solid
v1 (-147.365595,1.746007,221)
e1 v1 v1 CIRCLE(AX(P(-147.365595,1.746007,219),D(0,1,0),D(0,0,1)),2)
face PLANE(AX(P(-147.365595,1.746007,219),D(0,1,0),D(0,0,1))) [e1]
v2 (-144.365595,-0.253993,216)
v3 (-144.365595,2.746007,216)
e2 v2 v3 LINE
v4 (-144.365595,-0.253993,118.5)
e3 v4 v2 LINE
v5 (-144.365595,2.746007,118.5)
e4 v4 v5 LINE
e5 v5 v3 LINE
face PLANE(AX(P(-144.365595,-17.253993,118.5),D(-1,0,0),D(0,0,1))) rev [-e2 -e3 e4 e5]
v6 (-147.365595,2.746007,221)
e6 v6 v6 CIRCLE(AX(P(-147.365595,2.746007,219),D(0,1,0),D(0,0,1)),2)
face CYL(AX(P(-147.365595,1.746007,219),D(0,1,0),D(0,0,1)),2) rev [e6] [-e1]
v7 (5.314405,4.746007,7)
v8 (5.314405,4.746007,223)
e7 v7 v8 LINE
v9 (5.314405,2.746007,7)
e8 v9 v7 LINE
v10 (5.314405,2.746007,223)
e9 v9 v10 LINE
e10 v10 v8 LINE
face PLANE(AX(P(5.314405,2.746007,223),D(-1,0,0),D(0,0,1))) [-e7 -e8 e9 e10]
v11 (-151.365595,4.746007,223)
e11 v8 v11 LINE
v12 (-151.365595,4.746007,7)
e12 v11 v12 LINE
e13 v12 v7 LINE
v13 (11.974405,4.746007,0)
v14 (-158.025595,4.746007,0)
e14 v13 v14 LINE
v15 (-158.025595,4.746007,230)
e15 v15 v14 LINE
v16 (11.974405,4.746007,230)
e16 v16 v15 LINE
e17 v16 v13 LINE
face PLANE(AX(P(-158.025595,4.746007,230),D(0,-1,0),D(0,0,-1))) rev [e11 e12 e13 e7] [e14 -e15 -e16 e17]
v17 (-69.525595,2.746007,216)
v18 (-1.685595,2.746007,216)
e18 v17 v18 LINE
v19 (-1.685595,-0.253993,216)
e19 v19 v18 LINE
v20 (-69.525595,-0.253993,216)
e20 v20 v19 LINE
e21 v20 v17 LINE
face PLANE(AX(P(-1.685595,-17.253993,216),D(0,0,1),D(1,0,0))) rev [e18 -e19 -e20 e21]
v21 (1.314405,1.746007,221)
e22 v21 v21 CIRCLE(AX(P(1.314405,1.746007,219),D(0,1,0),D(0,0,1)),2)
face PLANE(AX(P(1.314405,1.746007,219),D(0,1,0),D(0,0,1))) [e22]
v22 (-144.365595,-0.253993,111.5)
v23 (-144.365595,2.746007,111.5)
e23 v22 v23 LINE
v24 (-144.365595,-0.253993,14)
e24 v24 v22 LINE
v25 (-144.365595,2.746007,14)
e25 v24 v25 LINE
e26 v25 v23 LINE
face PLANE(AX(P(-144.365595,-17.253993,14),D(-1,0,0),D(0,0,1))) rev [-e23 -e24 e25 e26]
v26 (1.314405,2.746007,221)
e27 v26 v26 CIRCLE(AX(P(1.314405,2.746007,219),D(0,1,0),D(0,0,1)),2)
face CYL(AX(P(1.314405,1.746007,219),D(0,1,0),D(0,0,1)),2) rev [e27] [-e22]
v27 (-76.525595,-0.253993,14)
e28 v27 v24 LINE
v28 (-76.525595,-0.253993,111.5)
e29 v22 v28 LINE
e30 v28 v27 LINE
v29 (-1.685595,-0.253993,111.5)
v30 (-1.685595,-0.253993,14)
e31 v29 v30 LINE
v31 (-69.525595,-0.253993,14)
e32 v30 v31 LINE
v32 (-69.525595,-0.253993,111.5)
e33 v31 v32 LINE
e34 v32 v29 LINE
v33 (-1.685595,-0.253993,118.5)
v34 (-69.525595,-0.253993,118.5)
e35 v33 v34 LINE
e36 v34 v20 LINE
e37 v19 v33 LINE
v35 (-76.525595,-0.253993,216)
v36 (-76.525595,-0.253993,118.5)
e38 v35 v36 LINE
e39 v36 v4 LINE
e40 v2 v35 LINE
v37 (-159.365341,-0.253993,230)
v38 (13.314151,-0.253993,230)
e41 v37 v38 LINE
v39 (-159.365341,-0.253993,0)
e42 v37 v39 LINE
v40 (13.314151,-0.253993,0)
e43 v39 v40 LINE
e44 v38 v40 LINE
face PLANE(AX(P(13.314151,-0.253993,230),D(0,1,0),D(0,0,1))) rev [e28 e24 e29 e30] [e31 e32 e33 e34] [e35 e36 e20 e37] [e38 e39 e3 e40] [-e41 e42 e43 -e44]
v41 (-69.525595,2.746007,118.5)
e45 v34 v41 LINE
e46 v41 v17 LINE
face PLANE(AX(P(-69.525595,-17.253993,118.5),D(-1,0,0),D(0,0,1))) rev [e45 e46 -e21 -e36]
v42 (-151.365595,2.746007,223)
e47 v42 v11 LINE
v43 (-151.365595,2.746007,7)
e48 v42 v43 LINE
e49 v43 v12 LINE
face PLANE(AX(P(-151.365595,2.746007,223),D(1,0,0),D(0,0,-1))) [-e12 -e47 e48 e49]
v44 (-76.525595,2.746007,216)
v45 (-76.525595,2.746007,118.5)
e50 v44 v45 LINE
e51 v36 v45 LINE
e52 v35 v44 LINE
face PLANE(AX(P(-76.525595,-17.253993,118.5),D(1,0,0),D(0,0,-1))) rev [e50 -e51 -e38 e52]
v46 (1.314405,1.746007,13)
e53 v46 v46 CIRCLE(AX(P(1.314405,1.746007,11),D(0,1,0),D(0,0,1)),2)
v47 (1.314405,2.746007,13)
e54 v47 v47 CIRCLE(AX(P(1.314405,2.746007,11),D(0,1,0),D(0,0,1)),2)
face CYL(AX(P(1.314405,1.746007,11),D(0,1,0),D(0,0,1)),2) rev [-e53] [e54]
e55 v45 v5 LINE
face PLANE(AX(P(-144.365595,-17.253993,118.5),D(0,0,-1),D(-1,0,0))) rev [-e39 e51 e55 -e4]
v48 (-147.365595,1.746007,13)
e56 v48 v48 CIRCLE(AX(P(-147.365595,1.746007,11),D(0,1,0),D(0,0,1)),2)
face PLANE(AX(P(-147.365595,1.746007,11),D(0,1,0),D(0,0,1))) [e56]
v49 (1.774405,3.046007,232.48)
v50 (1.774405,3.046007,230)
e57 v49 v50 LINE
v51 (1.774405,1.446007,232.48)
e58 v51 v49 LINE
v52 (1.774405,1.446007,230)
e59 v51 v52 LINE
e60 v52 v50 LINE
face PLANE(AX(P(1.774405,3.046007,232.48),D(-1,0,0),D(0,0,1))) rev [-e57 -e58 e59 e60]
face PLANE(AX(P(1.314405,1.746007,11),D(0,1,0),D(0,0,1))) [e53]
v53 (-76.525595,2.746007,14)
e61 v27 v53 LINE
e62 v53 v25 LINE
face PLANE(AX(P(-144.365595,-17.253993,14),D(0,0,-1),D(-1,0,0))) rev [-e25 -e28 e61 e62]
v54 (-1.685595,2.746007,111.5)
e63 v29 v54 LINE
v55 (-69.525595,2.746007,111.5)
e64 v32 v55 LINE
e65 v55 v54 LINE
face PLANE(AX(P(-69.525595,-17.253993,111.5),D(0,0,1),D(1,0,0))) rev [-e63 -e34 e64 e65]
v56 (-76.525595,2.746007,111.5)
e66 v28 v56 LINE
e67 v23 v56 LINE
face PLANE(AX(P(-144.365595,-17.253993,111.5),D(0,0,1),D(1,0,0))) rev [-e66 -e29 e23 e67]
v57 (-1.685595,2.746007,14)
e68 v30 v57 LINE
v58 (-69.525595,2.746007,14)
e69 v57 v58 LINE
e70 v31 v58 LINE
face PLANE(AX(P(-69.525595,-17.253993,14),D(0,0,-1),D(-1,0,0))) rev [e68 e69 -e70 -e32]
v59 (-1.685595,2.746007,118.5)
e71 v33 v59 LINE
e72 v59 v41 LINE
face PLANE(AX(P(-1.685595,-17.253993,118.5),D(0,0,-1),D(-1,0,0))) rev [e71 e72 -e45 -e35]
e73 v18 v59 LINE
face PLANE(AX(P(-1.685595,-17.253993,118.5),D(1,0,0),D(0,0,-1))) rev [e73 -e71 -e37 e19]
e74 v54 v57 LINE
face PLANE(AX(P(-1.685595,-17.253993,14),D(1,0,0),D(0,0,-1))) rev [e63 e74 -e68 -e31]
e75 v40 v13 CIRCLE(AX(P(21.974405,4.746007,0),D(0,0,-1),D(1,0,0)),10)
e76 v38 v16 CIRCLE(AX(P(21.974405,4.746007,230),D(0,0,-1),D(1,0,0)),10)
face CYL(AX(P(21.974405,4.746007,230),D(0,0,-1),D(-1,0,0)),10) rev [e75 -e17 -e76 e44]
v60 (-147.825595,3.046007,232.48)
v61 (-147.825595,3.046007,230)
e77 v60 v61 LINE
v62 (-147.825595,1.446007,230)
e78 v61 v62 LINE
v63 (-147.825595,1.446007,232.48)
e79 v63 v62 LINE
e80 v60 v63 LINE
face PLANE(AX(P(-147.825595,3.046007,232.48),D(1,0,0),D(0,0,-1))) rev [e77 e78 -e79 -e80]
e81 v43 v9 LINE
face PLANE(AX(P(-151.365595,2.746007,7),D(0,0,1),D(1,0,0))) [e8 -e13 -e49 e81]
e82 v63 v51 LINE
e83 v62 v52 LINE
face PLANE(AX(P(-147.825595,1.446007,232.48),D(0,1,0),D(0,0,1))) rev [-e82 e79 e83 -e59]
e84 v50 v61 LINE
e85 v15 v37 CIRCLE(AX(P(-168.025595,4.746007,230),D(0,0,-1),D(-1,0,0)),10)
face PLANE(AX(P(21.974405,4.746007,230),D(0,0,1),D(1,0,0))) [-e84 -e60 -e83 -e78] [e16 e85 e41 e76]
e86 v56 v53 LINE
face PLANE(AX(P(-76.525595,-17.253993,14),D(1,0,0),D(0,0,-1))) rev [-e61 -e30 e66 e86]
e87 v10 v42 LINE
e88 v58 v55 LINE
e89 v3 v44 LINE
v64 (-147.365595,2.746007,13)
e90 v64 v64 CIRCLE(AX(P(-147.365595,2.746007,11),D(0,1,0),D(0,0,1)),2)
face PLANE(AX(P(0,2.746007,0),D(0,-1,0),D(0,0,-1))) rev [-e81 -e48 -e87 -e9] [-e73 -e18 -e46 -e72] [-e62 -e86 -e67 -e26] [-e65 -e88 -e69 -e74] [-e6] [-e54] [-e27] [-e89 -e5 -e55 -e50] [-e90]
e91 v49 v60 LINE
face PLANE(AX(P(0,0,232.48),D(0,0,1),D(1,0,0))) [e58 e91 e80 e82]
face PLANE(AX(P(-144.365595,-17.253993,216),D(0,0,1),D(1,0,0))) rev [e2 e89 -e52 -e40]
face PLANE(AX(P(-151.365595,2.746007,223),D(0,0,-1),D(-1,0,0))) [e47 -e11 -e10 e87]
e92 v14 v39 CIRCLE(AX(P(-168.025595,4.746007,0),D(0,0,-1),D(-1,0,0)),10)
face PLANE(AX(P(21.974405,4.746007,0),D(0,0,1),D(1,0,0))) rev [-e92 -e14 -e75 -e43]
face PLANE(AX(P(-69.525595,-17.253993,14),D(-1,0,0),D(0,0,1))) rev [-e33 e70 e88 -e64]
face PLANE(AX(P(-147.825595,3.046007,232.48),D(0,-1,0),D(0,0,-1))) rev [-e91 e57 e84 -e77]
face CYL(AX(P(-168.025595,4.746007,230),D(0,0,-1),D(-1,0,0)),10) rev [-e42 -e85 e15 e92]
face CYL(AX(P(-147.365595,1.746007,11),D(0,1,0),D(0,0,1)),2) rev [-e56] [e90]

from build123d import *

# Parameters (mm, degrees)
ESBO_O2_W                = 150
ESBO_O2_H                = 2
RESSALTO_EXTRUS_O1_DEPTH = 230
ESBO_O4_W                = 149.6
ESBO_O4_H                = 1.6
RESSALTO_EXTRUS_O2_DEPTH = 2.48
ESBO_O6_W                = 150
ESBO_O6_H                = 2
RESSALTO_EXTRUS_O4_DEPTH = 230
ESBO_O3_W                = 156.68
ESBO_O3_H                = 216
CORTE_EXTRUS_O6_DEPTH    = 2
ESBO_O8_W                = 67.84
ESBO_O8_H                = 97.5
CORTE_EXTRUS_O7_DEPTH    = 20
ESBO_O14_R               = 2
CORTE_EXTRUS_O9_DEPTH    = 1


with BuildPart() as part:
    # Esboço2 → Ressalto-extrusão1 (new body)
    with BuildSketch(Plane.XY):
        with BuildLine():
            Line((-158.025595127, 4.746007498), (11.974404873, 4.746007498))
            ThreePointArc((11.974404873, 4.746007498), (12.315146611, 2.157817047), (13.314150836, -0.253992502))
            Line((13.314150836, -0.253992502), (-159.365341089, -0.253992502))
            ThreePointArc((-159.365341089, -0.253992502), (-158.366336864, 2.157817047), (-158.025595127, 4.746007498))
        make_face()
        with Locations((-73.025595127, 2.246007498)):
            Rectangle(ESBO_O2_W, ESBO_O2_H, mode=Mode.SUBTRACT)
    extrude(amount=RESSALTO_EXTRUS_O1_DEPTH)



with BuildPart() as body_2:
    # Esboço4 → Ressalto-extrusão2 (new body)
    with BuildSketch(Plane.XY.offset(230)):
        with Locations((-73.025595127, 2.246007498)):
            Rectangle(ESBO_O4_W, ESBO_O4_H)
    extrude(amount=RESSALTO_EXTRUS_O2_DEPTH)


with BuildPart() as part_1:
    add(part.part)

    add(body_2.part)  # Ressalto-extrusão4 merges body 2
    # Esboço6 → Ressalto-extrusão4 (add)
    with BuildSketch(Plane(origin=(0, 0, 0), x_dir=(-1, 0, 0), z_dir=(0, 0, -1))):
        with Locations((73.025595127, 2.246007498)):
            Rectangle(ESBO_O6_W, ESBO_O6_H)
    extrude(amount=-RESSALTO_EXTRUS_O4_DEPTH)

    # Esboço3 → Corte-extrusão6 (cut)
    with BuildSketch(Plane.XZ.offset(-4.746007498)):
        with Locations((-73.025595127, 115)):
            Rectangle(ESBO_O3_W, ESBO_O3_H)
    extrude(amount=CORTE_EXTRUS_O6_DEPTH, mode=Mode.SUBTRACT)

    # Esboço8 → Corte-extrusão7 (cut)
    with BuildSketch(Plane(origin=(0, 2.746007498, 0), x_dir=(1, 0, 0), z_dir=(0, 1, 0))):
        with Locations((-110.445595127, -62.75)):
            Rectangle(ESBO_O8_W, ESBO_O8_H)
        with Locations((-35.605595127, -62.75)):
            Rectangle(ESBO_O8_W, ESBO_O8_H)
        with Locations((-110.445595127, -167.25)):
            Rectangle(ESBO_O8_W, ESBO_O8_H)
        with Locations((-35.605595127, -167.25)):
            Rectangle(ESBO_O8_W, ESBO_O8_H)
    extrude(amount=-CORTE_EXTRUS_O7_DEPTH, mode=Mode.SUBTRACT)

    # Esboço14 → Corte-extrusão9 (cut)
    with BuildSketch(Plane(origin=(0, 2.746007498, 0), x_dir=(1, 0, 0), z_dir=(0, 1, 0))):
        with Locations(Location((-147.365595127, -11, 0), (0, 0, 270))):
            Circle(ESBO_O14_R)
        with Locations(Location((1.314404873, -11, 0), (0, 0, 270))):
            Circle(ESBO_O14_R)
        with Locations(Location((-147.365595127, -219, 0), (0, 0, 270))):
            Circle(ESBO_O14_R)
        with Locations(Location((1.314404873, -219, 0), (0, 0, 270))):
            Circle(ESBO_O14_R)
    extrude(amount=-CORTE_EXTRUS_O9_DEPTH, mode=Mode.SUBTRACT)


solid = part_1.part
